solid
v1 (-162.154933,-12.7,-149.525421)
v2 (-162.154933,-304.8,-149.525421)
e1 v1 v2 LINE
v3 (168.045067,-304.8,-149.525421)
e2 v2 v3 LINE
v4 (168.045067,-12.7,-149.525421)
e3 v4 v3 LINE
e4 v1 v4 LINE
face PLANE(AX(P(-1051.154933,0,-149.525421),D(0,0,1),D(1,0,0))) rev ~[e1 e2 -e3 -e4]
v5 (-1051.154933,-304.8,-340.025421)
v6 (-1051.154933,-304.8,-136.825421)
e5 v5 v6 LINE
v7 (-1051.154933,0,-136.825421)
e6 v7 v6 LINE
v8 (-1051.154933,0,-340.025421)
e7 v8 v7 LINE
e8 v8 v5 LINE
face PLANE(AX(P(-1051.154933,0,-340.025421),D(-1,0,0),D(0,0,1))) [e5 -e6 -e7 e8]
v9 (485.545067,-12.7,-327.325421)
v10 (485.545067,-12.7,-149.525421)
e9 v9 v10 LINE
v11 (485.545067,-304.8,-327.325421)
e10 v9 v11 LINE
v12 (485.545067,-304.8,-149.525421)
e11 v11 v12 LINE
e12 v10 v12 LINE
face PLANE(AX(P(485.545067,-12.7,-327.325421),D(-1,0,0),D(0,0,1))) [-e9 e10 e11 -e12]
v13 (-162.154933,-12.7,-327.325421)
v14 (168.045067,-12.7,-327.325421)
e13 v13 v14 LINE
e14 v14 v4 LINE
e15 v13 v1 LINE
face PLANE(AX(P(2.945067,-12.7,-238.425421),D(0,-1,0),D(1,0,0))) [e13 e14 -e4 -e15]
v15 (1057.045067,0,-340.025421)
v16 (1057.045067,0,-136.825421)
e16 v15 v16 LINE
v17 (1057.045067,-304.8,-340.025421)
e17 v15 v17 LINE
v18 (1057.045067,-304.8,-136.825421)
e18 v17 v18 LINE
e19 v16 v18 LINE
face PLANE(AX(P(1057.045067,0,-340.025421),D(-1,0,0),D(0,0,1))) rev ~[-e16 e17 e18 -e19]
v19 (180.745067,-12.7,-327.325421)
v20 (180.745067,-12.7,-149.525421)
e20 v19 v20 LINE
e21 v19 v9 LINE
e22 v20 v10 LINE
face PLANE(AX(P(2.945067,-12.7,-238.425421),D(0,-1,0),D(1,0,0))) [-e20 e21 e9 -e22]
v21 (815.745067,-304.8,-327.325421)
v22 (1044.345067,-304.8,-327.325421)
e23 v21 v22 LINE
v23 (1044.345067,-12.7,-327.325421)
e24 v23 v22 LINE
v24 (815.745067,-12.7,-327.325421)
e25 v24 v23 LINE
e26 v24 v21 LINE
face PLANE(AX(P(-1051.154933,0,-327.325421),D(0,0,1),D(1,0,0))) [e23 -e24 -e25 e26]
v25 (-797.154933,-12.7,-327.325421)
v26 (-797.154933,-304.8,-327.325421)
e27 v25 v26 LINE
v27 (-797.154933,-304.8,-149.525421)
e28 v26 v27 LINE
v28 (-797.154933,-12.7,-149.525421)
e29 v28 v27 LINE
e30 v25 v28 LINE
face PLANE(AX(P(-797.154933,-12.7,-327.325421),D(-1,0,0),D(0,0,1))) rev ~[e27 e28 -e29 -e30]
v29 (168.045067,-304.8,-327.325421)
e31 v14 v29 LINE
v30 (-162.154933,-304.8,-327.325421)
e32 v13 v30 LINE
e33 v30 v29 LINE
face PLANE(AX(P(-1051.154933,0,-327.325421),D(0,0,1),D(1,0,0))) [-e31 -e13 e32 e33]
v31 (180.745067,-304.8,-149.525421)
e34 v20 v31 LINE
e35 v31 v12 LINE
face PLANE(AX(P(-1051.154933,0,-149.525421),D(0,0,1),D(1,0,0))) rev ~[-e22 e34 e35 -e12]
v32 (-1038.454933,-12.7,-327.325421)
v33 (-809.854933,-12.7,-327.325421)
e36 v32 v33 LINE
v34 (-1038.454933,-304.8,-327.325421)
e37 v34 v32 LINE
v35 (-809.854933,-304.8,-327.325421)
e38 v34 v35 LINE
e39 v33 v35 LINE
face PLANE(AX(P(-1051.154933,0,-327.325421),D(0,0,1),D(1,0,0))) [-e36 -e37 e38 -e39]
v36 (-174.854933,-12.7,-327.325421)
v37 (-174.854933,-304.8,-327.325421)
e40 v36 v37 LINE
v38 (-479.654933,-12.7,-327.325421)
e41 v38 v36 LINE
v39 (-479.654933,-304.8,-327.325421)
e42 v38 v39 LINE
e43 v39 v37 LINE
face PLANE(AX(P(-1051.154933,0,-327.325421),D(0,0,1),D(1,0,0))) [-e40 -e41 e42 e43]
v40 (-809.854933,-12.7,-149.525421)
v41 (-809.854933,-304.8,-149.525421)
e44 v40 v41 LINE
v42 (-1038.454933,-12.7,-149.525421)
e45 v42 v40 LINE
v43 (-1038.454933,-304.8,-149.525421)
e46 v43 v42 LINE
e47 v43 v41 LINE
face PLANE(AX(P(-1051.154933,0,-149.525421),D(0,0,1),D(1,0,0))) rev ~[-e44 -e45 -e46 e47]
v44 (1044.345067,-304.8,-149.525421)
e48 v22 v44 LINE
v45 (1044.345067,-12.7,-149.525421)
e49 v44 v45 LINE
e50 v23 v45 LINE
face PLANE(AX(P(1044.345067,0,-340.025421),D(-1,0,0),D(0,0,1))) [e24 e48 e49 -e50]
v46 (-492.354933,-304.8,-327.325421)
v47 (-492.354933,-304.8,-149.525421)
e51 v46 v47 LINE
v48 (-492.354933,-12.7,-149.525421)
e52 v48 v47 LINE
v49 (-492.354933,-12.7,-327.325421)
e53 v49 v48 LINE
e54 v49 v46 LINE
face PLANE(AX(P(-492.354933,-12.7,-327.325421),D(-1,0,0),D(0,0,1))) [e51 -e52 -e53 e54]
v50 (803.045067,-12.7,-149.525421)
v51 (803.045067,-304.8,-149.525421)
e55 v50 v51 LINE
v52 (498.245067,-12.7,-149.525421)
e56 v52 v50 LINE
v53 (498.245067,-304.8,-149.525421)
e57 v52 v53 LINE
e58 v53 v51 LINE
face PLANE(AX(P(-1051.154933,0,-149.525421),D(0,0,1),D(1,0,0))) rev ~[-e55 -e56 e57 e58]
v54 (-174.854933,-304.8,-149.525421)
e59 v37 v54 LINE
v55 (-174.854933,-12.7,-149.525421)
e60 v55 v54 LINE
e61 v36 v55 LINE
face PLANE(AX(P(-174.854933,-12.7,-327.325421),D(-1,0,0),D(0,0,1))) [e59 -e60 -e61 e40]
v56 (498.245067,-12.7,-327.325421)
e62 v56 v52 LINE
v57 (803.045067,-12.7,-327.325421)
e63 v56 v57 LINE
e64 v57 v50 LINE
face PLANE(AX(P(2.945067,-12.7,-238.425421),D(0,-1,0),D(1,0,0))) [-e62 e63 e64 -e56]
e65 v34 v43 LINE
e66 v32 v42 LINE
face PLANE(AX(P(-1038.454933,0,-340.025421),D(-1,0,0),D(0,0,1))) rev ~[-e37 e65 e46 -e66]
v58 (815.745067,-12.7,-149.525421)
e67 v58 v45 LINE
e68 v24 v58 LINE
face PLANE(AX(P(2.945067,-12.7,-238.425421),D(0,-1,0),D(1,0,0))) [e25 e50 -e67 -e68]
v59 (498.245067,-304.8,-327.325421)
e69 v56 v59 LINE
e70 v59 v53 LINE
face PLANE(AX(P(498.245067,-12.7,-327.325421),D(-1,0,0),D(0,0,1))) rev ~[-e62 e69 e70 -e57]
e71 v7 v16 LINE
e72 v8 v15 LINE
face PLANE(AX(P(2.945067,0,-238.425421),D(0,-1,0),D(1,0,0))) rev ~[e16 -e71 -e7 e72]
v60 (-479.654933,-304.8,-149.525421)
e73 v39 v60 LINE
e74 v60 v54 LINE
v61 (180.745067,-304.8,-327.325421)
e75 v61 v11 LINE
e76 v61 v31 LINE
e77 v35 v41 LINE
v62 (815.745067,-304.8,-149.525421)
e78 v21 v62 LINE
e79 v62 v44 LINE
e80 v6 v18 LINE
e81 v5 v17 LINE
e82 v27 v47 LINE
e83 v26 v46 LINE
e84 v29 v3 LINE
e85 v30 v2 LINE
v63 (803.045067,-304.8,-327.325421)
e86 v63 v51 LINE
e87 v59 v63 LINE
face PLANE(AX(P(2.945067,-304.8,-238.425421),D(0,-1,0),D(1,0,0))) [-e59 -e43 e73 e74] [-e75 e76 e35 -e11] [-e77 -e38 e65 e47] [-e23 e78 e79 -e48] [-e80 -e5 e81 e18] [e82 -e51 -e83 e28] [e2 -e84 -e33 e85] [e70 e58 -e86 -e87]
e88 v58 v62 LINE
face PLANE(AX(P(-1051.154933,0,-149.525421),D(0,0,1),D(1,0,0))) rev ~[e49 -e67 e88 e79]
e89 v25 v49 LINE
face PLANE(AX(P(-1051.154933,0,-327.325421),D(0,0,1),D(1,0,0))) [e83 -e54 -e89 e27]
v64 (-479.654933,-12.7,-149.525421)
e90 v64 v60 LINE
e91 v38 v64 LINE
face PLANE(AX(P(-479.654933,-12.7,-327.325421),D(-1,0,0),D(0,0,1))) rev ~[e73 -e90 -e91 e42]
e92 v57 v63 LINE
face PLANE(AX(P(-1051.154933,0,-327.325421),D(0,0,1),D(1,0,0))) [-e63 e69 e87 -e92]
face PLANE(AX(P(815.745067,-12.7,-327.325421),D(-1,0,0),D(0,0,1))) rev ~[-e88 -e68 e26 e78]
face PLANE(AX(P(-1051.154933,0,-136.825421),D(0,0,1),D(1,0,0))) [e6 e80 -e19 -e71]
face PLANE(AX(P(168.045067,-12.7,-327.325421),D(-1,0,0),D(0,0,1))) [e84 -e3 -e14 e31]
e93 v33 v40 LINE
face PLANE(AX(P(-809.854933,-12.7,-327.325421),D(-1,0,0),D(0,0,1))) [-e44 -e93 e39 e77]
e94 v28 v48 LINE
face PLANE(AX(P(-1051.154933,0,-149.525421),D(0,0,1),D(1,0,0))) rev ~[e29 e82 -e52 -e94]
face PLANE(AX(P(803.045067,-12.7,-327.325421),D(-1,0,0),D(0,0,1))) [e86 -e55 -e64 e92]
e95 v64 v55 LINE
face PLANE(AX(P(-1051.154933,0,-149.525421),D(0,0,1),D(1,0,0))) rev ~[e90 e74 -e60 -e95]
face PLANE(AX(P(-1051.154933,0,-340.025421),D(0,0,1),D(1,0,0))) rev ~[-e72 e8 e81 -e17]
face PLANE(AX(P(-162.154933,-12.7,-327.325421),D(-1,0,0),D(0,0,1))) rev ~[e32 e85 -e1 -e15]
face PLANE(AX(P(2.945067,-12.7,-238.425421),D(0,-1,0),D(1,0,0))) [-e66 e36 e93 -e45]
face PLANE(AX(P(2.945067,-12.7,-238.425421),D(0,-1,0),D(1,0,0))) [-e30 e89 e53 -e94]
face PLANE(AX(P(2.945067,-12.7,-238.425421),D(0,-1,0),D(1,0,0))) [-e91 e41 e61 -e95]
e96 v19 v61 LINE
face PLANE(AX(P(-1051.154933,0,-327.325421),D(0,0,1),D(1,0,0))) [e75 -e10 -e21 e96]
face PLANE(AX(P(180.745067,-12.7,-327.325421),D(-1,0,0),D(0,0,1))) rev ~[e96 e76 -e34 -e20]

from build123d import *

# Parameters (mm, degrees)
F0_W     = 2108.2
F0_H     = 203.2
F1_DEPTH = 304.8
F2_T     = -12.7
F3_W     = 12.7
F3_H     = 177.8
F4_DEPTH = 292.1


with BuildPart() as f1:
    # F0 (on Front) → F1 (new body)
    with BuildSketch(Plane.XZ):
        with Locations((2.945067, -238.425421)):
            Rectangle(F0_W, F0_H)
    extrude(amount=F1_DEPTH)

    # F2
    f2_openings = [f1.faces().sort_by_distance(p)[0] for p in [
        (2.945067, -304.8, -238.425421),
    ]]
    offset(amount=F2_T, openings=f2_openings)

    # F3 (on face) → F4 (join)
    with BuildSketch(Plane.XZ.offset(12.7)):
        with Locations((-803.504933, -238.425421)):
            Rectangle(F3_W, F3_H)
        with Locations((-486.004933, -238.425421)):
            Rectangle(F3_W, F3_H)
        with Locations((-168.504933, -238.425421)):
            Rectangle(F3_W, F3_H)
        with Locations((174.395067, -238.425421)):
            Rectangle(F3_W, F3_H)
        with Locations((491.895067, -238.425421)):
            Rectangle(F3_W, F3_H)
        with Locations((809.395067, -238.425421)):
            Rectangle(F3_W, F3_H)
    extrude(amount=F4_DEPTH)


solid = f1.part
